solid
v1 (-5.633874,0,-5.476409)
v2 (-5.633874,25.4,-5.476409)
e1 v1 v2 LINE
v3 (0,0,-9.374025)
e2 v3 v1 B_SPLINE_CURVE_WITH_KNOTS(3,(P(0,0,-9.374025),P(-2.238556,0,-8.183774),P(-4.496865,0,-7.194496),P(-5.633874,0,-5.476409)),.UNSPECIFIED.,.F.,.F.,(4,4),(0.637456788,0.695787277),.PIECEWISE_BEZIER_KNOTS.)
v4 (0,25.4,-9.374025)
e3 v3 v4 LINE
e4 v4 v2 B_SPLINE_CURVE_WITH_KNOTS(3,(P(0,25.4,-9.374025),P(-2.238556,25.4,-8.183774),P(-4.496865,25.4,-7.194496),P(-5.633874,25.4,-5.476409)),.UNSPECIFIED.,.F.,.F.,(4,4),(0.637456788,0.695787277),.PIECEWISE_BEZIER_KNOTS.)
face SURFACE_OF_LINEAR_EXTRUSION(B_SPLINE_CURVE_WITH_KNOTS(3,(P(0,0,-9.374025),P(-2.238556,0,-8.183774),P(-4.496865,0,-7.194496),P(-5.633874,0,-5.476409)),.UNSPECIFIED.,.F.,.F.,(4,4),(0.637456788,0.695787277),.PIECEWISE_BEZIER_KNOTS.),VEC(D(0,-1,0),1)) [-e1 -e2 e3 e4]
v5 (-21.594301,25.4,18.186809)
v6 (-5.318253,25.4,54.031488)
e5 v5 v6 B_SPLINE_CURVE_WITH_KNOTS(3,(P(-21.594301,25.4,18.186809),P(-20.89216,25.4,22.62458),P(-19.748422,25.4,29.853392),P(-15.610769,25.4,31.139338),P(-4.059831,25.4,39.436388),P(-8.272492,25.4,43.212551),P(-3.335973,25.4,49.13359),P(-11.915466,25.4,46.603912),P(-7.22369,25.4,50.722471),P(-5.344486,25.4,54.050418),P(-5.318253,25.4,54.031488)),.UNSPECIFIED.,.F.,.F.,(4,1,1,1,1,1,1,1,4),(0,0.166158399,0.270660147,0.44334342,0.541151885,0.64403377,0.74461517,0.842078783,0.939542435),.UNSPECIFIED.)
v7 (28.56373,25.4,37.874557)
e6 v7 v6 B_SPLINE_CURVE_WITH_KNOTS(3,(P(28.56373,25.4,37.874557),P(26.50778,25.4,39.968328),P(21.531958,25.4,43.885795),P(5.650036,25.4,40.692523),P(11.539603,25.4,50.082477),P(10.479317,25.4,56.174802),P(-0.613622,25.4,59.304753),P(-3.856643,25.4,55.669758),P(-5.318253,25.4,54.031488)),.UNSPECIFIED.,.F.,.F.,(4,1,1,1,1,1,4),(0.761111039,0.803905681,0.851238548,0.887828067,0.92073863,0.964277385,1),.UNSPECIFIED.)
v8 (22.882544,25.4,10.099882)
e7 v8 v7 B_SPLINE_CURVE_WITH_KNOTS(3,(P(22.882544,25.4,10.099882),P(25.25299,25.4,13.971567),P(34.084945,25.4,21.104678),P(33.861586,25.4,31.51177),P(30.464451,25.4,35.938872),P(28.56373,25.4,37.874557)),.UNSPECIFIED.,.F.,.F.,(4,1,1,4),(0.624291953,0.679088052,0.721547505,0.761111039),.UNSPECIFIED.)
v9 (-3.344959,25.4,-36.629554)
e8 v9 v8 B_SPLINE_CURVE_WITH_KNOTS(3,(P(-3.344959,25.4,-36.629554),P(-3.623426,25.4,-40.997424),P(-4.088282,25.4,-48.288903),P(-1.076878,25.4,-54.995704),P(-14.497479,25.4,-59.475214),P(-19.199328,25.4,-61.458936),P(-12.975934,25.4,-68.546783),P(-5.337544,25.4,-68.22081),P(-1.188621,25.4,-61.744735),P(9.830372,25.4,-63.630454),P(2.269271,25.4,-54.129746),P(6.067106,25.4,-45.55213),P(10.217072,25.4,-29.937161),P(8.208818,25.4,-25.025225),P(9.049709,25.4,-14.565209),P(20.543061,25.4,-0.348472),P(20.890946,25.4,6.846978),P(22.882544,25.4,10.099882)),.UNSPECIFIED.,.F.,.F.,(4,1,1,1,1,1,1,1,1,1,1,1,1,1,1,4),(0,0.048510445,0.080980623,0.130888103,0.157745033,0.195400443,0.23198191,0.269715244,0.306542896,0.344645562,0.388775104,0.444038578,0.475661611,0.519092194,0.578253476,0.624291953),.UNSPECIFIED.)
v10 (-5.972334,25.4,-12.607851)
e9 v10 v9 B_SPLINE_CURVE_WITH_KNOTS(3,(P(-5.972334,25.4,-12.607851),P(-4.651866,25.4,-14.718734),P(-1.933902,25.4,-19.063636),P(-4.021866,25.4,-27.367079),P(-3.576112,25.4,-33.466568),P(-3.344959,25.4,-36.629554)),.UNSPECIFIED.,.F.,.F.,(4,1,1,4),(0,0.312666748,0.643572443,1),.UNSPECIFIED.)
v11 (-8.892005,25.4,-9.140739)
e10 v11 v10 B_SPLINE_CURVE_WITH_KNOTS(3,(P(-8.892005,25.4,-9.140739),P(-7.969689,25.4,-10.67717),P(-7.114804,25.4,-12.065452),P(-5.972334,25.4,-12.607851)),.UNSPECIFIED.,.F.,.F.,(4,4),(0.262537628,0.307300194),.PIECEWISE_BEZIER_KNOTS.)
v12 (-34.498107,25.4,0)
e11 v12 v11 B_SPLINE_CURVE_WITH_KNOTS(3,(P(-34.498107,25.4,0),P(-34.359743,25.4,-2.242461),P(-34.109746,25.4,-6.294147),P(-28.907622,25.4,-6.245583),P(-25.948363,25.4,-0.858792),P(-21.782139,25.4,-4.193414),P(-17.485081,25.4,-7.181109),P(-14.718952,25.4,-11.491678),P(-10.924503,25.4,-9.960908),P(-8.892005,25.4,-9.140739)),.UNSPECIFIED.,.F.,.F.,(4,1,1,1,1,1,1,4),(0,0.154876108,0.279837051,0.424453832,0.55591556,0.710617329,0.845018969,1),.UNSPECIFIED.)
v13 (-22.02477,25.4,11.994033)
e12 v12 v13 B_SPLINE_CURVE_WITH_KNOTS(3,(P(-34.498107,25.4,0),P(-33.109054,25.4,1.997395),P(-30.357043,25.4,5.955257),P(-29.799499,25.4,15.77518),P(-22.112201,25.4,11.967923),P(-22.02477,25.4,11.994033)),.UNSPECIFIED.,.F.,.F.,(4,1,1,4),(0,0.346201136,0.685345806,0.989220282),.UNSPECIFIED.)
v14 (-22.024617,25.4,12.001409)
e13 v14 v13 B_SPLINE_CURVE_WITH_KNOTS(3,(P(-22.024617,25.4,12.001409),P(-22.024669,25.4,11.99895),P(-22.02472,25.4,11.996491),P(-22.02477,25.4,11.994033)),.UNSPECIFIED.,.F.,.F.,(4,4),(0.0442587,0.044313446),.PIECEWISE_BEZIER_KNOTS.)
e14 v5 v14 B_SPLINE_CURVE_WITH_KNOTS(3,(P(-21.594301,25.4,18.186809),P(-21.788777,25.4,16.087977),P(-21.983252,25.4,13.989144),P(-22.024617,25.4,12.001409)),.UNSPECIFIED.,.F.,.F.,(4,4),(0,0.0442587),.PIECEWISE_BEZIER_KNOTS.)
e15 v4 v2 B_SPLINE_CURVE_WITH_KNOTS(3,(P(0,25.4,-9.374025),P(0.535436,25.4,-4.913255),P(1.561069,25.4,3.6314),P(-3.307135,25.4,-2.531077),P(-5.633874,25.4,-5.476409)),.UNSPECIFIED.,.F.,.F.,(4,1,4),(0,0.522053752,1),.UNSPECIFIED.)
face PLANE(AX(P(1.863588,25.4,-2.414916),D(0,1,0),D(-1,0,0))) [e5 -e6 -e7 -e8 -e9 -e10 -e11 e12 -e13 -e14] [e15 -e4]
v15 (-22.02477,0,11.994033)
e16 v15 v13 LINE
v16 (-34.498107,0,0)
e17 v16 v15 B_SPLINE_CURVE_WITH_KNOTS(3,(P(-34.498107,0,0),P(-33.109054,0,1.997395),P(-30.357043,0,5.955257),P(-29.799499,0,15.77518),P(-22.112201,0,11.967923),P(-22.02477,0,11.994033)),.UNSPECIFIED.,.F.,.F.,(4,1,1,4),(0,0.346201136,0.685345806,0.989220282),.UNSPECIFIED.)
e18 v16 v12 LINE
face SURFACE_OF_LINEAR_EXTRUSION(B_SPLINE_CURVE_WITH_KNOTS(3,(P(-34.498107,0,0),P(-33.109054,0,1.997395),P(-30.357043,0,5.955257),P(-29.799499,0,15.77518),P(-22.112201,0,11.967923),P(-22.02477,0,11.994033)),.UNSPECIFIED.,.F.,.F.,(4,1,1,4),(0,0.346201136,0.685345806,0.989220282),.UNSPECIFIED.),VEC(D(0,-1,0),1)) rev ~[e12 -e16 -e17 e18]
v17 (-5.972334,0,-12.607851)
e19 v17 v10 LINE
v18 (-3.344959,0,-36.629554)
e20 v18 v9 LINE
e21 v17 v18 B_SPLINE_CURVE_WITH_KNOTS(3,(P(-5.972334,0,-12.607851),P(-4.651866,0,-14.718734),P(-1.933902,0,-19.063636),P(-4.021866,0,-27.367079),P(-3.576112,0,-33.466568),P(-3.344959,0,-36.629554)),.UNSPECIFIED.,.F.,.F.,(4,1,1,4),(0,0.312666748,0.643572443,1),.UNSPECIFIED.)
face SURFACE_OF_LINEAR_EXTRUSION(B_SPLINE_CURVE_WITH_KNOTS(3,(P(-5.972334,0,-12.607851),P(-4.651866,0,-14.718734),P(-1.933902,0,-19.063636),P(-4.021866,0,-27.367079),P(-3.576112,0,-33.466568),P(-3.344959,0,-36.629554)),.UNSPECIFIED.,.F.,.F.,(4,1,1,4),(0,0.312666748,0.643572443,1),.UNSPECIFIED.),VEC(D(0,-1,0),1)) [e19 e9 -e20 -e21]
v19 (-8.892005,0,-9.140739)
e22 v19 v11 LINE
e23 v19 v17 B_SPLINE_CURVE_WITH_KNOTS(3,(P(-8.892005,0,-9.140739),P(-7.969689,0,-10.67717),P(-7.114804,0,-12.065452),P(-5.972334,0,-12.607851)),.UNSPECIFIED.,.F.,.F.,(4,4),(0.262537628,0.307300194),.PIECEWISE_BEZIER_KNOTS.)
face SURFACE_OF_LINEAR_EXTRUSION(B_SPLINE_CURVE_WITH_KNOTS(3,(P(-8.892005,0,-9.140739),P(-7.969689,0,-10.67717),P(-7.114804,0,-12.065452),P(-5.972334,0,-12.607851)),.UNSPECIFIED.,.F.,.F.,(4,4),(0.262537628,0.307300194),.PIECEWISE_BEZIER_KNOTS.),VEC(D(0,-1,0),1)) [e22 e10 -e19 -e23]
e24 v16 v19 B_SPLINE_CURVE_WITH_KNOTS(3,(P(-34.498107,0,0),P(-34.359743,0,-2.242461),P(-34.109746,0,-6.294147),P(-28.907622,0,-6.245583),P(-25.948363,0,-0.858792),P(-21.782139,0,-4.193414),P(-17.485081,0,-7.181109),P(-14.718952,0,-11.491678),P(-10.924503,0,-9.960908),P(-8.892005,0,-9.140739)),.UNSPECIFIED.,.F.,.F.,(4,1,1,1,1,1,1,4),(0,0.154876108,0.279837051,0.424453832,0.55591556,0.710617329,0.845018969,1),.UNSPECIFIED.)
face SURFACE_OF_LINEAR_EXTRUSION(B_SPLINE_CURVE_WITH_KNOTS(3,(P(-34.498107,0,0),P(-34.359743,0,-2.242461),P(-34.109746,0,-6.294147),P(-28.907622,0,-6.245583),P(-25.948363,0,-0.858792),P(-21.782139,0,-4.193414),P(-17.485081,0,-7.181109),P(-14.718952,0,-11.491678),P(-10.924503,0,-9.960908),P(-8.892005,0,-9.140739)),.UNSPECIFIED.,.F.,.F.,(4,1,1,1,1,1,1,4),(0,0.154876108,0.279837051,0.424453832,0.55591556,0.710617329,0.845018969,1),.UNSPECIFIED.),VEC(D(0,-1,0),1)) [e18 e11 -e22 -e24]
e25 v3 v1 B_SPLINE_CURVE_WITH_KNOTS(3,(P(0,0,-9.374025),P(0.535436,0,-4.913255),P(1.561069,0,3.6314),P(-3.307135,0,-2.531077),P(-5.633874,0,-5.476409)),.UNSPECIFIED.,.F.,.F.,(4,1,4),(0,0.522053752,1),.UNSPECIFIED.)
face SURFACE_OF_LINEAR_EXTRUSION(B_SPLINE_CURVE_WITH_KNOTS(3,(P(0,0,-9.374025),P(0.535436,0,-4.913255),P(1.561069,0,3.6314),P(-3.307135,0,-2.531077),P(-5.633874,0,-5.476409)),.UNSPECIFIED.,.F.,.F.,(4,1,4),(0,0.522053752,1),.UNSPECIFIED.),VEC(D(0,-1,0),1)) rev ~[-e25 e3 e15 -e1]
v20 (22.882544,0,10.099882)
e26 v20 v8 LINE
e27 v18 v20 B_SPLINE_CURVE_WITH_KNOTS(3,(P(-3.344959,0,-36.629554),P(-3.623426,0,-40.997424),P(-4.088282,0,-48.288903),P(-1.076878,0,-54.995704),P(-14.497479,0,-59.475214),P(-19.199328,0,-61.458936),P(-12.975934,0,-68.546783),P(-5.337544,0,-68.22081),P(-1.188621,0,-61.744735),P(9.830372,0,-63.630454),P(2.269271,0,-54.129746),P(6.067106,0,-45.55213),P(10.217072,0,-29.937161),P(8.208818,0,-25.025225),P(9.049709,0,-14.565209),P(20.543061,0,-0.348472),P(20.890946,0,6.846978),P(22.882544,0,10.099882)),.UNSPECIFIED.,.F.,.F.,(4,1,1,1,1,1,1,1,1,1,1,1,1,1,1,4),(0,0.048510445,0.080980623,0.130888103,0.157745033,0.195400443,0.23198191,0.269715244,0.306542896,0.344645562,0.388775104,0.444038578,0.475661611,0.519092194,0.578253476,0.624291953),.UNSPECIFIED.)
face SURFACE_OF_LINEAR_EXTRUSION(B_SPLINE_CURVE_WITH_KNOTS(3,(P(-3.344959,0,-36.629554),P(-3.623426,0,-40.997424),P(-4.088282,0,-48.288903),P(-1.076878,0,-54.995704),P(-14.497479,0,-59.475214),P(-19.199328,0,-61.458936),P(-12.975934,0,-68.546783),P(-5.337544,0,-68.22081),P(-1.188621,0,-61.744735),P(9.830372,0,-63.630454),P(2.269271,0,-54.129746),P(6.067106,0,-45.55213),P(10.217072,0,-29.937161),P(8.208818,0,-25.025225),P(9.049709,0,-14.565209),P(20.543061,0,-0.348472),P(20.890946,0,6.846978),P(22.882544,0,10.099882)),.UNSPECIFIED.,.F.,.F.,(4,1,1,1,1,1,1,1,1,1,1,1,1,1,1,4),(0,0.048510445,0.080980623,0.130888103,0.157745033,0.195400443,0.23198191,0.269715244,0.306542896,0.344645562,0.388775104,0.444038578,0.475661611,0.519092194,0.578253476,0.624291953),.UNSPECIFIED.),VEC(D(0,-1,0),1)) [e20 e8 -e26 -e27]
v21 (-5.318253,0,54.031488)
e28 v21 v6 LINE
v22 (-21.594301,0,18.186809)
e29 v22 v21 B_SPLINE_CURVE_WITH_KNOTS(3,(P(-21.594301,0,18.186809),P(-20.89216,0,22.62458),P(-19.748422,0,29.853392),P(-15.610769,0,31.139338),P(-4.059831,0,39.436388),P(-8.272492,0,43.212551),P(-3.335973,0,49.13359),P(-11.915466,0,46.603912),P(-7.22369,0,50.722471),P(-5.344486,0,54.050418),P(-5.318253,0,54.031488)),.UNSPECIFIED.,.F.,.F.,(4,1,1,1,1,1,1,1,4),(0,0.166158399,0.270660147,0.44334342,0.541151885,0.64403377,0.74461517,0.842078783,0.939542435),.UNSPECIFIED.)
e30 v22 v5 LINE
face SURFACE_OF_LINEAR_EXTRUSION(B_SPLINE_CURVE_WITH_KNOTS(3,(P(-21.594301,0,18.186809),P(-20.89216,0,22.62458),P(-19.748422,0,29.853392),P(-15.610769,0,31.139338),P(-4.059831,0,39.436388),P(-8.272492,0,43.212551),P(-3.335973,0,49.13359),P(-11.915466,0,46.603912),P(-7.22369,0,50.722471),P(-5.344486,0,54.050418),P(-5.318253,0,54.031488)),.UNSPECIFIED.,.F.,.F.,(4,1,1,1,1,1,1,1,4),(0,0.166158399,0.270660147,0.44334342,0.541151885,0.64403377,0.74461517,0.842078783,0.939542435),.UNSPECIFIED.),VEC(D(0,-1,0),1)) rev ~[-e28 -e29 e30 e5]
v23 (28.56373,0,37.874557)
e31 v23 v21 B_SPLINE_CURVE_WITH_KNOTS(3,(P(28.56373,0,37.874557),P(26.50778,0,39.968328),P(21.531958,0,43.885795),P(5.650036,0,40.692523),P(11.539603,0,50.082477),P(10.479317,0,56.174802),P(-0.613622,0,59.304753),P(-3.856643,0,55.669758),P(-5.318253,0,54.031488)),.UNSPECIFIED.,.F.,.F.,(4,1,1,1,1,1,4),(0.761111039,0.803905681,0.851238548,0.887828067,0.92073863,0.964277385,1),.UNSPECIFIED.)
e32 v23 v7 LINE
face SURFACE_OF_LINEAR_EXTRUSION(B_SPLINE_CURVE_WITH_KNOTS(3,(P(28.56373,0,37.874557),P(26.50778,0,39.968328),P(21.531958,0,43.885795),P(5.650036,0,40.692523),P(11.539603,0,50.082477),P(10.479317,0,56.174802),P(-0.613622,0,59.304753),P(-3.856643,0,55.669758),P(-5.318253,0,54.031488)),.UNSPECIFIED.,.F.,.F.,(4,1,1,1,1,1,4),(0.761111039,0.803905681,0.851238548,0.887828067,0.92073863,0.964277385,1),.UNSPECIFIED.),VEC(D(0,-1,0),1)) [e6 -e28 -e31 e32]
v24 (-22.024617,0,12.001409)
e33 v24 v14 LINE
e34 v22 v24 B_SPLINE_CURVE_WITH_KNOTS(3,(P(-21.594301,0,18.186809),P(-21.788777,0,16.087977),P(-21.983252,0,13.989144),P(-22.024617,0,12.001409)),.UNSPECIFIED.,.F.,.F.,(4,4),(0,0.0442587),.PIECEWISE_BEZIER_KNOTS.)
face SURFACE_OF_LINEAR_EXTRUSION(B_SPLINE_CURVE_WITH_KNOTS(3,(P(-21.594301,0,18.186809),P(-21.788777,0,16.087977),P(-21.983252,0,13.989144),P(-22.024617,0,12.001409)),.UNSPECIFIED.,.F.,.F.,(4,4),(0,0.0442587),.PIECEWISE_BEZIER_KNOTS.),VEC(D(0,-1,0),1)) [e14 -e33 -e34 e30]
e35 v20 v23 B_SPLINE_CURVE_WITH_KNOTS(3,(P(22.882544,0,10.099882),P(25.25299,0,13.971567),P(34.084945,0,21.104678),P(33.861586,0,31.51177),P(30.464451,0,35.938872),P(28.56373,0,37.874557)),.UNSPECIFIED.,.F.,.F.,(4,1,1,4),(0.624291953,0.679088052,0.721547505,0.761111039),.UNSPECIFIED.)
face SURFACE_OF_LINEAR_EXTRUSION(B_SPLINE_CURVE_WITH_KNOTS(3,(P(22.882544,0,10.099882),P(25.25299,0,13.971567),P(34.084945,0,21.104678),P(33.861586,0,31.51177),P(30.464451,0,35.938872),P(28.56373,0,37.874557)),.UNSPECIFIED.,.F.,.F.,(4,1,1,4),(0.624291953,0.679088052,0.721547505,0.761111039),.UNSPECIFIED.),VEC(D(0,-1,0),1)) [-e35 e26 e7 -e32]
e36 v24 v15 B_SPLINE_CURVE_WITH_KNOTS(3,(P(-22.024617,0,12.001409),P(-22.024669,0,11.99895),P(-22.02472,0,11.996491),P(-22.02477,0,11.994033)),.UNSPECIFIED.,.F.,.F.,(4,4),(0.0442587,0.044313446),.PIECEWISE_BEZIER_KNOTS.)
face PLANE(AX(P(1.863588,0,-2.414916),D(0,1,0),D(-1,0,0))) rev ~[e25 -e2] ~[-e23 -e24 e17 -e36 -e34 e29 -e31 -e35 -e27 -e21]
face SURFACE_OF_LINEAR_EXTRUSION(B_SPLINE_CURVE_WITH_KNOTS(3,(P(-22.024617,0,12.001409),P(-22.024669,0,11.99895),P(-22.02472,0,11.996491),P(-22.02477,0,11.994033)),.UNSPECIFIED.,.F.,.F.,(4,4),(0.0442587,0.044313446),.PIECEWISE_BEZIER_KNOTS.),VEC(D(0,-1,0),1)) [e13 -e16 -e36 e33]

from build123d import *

# Parameters (mm, degrees)
F1_DEPTH = 25.4


with BuildPart() as f1:
    # F0 (on Front) → F1 (new body)
    with BuildSketch(Plane.XZ):
        with BuildLine():
            add(Edge.make_bspline(
                [(-21.5943008661, 18.1868094951), (-20.8921595485, 22.6245804916), (-19.7484215648, 29.8533920204), (-15.6107686745, 31.1393382396), (-4.0598308883, 39.4363882202), (-8.2724920031, 43.2125513241), (-3.3359732824, 49.1335900885), (-11.9154656231, 46.6039117455), (-7.2236898338, 50.7224706873), (-5.3444860453, 54.0504180989), (-5.3182533011, 54.0314875543)],
                knots=[0, 0, 0, 0, 0.1661583988, 0.2706601466, 0.4433434201, 0.5411518854, 0.64403377, 0.74461517, 0.8420787833, 0.9395424351, 0.9395424351, 0.9395424351, 0.9395424351], degree=3))
            add(Edge.make_bspline(
                [(-21.5943008661, 18.1868094951), (-21.7887766584, 16.0879769924), (-21.9832524506, 13.9891444898), (-22.0246174233, 12.0014088191)],
                knots=[0, 0, 0, 0, 0.0442586996, 0.0442586996, 0.0442586996, 0.0442586996], degree=3))
            add(Edge.make_bspline(
                [(-22.0247702216, 11.9940330325), (-22.0216686956, 11.9949592514), (-22.0230287683, 11.9981824964), (-22.0246174233, 12.0014088191)],
                knots=[0.9892202818, 0.9892202818, 0.9892202818, 0.9892202818, 1, 1, 1, 1], degree=3))
            add(Edge.make_bspline(
                [(-22.0247702216, 11.9940330325), (-22.0637401112, 10.104333795), (-21.7952577868, 5.282481514), (-18.0209239861, -0.465713744), (-11.6877187204, -4.4341367404), (-9.4351428248, -8.2359583026), (-8.8920048898, -9.140739238)],
                knots=[0.0443134462, 0.0443134462, 0.0443134462, 0.0443134462, 0.0863950998, 0.1577263962, 0.2361776325, 0.2625376278, 0.2625376278, 0.2625376278, 0.2625376278], degree=3))
            add(Edge.make_bspline(
                [(-8.8920048898, -9.140739238), (-7.9696887981, -10.6771703404), (-7.1148042536, -12.0654518015), (-5.9723341838, -12.6078510657)],
                knots=[0.2625376278, 0.2625376278, 0.2625376278, 0.2625376278, 0.3073001942, 0.3073001942, 0.3073001942, 0.3073001942], degree=3))
            add(Edge.make_bspline(
                [(-5.9723341838, -12.6078510657), (-4.6518660195, -14.7187344107), (-1.93390216, -19.0636363163), (-4.0218657937, -27.3670793967), (-3.5761120297, -33.4665675677), (-3.3449593466, -36.6295538843)],
                knots=[0, 0, 0, 0, 0.3126667483, 0.6435724426, 1, 1, 1, 1], degree=3))
            add(Edge.make_bspline(
                [(-3.3449593466, -36.6295538843), (-3.6234258022, -40.9974244261), (-4.0882821233, -48.288903129), (-1.0768782996, -54.995703646), (-14.4974787779, -59.4752137516), (-19.1993278846, -61.4589357888), (-12.9759338882, -68.5467833045), (-5.3375435137, -68.2208102672), (-1.1886213211, -61.7447349016), (9.8303718562, -63.6304540393), (2.2692705541, -54.1297463482), (6.0671064591, -45.5521296286), (10.2170723661, -29.9371614698), (8.2088184119, -25.0252247527), (9.0497087275, -14.5652093635), (20.5430611209, -0.3484723634), (20.8909463411, 6.8469782655), (22.8825435042, 10.09988226)],
                knots=[0, 0, 0, 0, 0.048510445, 0.0809806228, 0.1308881027, 0.1577450335, 0.1954004431, 0.2319819098, 0.2697152438, 0.3065428956, 0.3446455621, 0.388775104, 0.4440385777, 0.4756616114, 0.5190921943, 0.5782534756, 0.6242919527, 0.6242919527, 0.6242919527, 0.6242919527], degree=3))
            add(Edge.make_bspline(
                [(22.8825435042, 10.09988226), (20.2136983186, 9.7083980182), (15.4456200538, 9.0089840866), (14.7790673235, 14.5294635813), (18.5726736776, 27.6756548604), (21.9739509227, 32.1225541089), (27.396026687, 31.0575572705), (27.616860345, 29.0371589363)],
                knots=[0, 0, 0, 0, 0.1106821217, 0.1977413384, 0.3579995192, 0.4574979031, 0.5557643927, 0.5557643927, 0.5557643927, 0.5557643927], degree=3))
            add(Edge.make_bspline(
                [(27.616860345, 29.0371589363), (27.9324837029, 31.9829583168), (28.2481070608, 34.9287576973), (28.5637304187, 37.8745570779)],
                knots=[0, 0, 0, 0, 8.8879788957, 8.8879788957, 8.8879788957, 8.8879788957], degree=3))
            add(Edge.make_bspline(
                [(28.5637304187, 37.8745570779), (26.5077800503, 39.9683277592), (21.5319577998, 43.885794708), (5.6500360713, 40.6925232943), (11.5396034596, 50.0824768696), (10.4793174613, 56.1748022883), (-0.6136221709, 59.3047533259), (-3.8566434455, 55.6697578054), (-5.3182533011, 54.0314875543)],
                knots=[0.761111039, 0.761111039, 0.761111039, 0.761111039, 0.803905681, 0.8512385476, 0.8878280671, 0.9207386298, 0.9642773852, 1, 1, 1, 1], degree=3))
        make_face()
        with BuildLine():
            add(Edge.make_bspline(
                [(0, -9.3740245191), (0.5354356598, -4.9132551857), (1.5610688586, 3.631400062), (-3.3071347043, -2.5310765364), (-5.6338743307, -5.4764091037)],
                knots=[0, 0, 0, 0, 0.5220537522, 1, 1, 1, 1], degree=3))
            add(Edge.make_bspline(
                [(0, -9.3740245191), (-2.2385561501, -8.1837738071), (-4.4968651533, -7.1944959414), (-5.6338743307, -5.4764091037)],
                knots=[0.637456788, 0.637456788, 0.637456788, 0.637456788, 0.6957872773, 0.6957872773, 0.6957872773, 0.6957872773], degree=3))
        make_face(mode=Mode.SUBTRACT)
        with BuildLine():
            add(Edge.make_bspline(
                [(-22.0247702216, 11.9940330325), (-22.0216686956, 11.9949592514), (-22.0230287683, 11.9981824964), (-22.0246174233, 12.0014088191)],
                knots=[0.9892202818, 0.9892202818, 0.9892202818, 0.9892202818, 1, 1, 1, 1], degree=3))
            add(Edge.make_bspline(
                [(-22.0246174233, 12.0014088191), (-22.0246685904, 11.9989500535), (-22.0247195233, 11.9964914579), (-22.0247702216, 11.9940330325)],
                knots=[0.0442586996, 0.0442586996, 0.0442586996, 0.0442586996, 0.0443134462, 0.0443134462, 0.0443134462, 0.0443134462], degree=3))
        make_face()
        with BuildLine():
            add(Edge.make_bspline(
                [(22.8825435042, 10.09988226), (25.2529901942, 13.9715665791), (34.0849453625, 21.1046777211), (33.8615861626, 31.5117699449), (30.4644511068, 35.9388716103), (28.5637304187, 37.8745570779)],
                knots=[0.6242919527, 0.6242919527, 0.6242919527, 0.6242919527, 0.6790880517, 0.7215475054, 0.761111039, 0.761111039, 0.761111039, 0.761111039], degree=3))
            add(Edge.make_bspline(
                [(27.616860345, 29.0371589363), (27.9324837029, 31.9829583168), (28.2481070608, 34.9287576973), (28.5637304187, 37.8745570779)],
                knots=[0, 0, 0, 0, 8.8879788957, 8.8879788957, 8.8879788957, 8.8879788957], degree=3))
            add(Edge.make_bspline(
                [(22.8825435042, 10.09988226), (20.2136983186, 9.7083980182), (15.4456200538, 9.0089840866), (14.7790673235, 14.5294635813), (18.5726736776, 27.6756548604), (21.9739509227, 32.1225541089), (27.396026687, 31.0575572705), (27.616860345, 29.0371589363)],
                knots=[0, 0, 0, 0, 0.1106821217, 0.1977413384, 0.3579995192, 0.4574979031, 0.5557643927, 0.5557643927, 0.5557643927, 0.5557643927], degree=3))
        make_face()
        with BuildLine():
            add(Edge.make_bspline(
                [(-22.0247702216, 11.9940330325), (-22.0637401112, 10.104333795), (-21.7952577868, 5.282481514), (-18.0209239861, -0.465713744), (-11.6877187204, -4.4341367404), (-9.4351428248, -8.2359583026), (-8.8920048898, -9.140739238)],
                knots=[0.0443134462, 0.0443134462, 0.0443134462, 0.0443134462, 0.0863950998, 0.1577263962, 0.2361776325, 0.2625376278, 0.2625376278, 0.2625376278, 0.2625376278], degree=3))
            add(Edge.make_bspline(
                [(-34.4981066883, 0), (-33.1090538256, 1.9973948831), (-30.357043124, 5.955256703), (-29.799498727, 15.7751803138), (-22.1122005769, 11.9679234172), (-22.0247702216, 11.9940330325)],
                knots=[0, 0, 0, 0, 0.3462011359, 0.6853458062, 0.9892202818, 0.9892202818, 0.9892202818, 0.9892202818], degree=3))
            add(Edge.make_bspline(
                [(-34.4981066883, 0), (-34.3597425992, -2.2424607663), (-34.1097461246, -6.2941466694), (-28.9076222573, -6.2455829003), (-25.948363008, -0.858792056), (-21.7821387201, -4.1934143838), (-17.4850812983, -7.1811092958), (-14.7189516032, -11.4916782908), (-10.924502853, -9.9609079126), (-8.8920048898, -9.140739238)],
                knots=[0, 0, 0, 0, 0.1548761083, 0.279837051, 0.4244538317, 0.5559155602, 0.7106173293, 0.8450189695, 1, 1, 1, 1], degree=3))
        make_face()
    extrude(amount=-F1_DEPTH)


solid = f1.part
